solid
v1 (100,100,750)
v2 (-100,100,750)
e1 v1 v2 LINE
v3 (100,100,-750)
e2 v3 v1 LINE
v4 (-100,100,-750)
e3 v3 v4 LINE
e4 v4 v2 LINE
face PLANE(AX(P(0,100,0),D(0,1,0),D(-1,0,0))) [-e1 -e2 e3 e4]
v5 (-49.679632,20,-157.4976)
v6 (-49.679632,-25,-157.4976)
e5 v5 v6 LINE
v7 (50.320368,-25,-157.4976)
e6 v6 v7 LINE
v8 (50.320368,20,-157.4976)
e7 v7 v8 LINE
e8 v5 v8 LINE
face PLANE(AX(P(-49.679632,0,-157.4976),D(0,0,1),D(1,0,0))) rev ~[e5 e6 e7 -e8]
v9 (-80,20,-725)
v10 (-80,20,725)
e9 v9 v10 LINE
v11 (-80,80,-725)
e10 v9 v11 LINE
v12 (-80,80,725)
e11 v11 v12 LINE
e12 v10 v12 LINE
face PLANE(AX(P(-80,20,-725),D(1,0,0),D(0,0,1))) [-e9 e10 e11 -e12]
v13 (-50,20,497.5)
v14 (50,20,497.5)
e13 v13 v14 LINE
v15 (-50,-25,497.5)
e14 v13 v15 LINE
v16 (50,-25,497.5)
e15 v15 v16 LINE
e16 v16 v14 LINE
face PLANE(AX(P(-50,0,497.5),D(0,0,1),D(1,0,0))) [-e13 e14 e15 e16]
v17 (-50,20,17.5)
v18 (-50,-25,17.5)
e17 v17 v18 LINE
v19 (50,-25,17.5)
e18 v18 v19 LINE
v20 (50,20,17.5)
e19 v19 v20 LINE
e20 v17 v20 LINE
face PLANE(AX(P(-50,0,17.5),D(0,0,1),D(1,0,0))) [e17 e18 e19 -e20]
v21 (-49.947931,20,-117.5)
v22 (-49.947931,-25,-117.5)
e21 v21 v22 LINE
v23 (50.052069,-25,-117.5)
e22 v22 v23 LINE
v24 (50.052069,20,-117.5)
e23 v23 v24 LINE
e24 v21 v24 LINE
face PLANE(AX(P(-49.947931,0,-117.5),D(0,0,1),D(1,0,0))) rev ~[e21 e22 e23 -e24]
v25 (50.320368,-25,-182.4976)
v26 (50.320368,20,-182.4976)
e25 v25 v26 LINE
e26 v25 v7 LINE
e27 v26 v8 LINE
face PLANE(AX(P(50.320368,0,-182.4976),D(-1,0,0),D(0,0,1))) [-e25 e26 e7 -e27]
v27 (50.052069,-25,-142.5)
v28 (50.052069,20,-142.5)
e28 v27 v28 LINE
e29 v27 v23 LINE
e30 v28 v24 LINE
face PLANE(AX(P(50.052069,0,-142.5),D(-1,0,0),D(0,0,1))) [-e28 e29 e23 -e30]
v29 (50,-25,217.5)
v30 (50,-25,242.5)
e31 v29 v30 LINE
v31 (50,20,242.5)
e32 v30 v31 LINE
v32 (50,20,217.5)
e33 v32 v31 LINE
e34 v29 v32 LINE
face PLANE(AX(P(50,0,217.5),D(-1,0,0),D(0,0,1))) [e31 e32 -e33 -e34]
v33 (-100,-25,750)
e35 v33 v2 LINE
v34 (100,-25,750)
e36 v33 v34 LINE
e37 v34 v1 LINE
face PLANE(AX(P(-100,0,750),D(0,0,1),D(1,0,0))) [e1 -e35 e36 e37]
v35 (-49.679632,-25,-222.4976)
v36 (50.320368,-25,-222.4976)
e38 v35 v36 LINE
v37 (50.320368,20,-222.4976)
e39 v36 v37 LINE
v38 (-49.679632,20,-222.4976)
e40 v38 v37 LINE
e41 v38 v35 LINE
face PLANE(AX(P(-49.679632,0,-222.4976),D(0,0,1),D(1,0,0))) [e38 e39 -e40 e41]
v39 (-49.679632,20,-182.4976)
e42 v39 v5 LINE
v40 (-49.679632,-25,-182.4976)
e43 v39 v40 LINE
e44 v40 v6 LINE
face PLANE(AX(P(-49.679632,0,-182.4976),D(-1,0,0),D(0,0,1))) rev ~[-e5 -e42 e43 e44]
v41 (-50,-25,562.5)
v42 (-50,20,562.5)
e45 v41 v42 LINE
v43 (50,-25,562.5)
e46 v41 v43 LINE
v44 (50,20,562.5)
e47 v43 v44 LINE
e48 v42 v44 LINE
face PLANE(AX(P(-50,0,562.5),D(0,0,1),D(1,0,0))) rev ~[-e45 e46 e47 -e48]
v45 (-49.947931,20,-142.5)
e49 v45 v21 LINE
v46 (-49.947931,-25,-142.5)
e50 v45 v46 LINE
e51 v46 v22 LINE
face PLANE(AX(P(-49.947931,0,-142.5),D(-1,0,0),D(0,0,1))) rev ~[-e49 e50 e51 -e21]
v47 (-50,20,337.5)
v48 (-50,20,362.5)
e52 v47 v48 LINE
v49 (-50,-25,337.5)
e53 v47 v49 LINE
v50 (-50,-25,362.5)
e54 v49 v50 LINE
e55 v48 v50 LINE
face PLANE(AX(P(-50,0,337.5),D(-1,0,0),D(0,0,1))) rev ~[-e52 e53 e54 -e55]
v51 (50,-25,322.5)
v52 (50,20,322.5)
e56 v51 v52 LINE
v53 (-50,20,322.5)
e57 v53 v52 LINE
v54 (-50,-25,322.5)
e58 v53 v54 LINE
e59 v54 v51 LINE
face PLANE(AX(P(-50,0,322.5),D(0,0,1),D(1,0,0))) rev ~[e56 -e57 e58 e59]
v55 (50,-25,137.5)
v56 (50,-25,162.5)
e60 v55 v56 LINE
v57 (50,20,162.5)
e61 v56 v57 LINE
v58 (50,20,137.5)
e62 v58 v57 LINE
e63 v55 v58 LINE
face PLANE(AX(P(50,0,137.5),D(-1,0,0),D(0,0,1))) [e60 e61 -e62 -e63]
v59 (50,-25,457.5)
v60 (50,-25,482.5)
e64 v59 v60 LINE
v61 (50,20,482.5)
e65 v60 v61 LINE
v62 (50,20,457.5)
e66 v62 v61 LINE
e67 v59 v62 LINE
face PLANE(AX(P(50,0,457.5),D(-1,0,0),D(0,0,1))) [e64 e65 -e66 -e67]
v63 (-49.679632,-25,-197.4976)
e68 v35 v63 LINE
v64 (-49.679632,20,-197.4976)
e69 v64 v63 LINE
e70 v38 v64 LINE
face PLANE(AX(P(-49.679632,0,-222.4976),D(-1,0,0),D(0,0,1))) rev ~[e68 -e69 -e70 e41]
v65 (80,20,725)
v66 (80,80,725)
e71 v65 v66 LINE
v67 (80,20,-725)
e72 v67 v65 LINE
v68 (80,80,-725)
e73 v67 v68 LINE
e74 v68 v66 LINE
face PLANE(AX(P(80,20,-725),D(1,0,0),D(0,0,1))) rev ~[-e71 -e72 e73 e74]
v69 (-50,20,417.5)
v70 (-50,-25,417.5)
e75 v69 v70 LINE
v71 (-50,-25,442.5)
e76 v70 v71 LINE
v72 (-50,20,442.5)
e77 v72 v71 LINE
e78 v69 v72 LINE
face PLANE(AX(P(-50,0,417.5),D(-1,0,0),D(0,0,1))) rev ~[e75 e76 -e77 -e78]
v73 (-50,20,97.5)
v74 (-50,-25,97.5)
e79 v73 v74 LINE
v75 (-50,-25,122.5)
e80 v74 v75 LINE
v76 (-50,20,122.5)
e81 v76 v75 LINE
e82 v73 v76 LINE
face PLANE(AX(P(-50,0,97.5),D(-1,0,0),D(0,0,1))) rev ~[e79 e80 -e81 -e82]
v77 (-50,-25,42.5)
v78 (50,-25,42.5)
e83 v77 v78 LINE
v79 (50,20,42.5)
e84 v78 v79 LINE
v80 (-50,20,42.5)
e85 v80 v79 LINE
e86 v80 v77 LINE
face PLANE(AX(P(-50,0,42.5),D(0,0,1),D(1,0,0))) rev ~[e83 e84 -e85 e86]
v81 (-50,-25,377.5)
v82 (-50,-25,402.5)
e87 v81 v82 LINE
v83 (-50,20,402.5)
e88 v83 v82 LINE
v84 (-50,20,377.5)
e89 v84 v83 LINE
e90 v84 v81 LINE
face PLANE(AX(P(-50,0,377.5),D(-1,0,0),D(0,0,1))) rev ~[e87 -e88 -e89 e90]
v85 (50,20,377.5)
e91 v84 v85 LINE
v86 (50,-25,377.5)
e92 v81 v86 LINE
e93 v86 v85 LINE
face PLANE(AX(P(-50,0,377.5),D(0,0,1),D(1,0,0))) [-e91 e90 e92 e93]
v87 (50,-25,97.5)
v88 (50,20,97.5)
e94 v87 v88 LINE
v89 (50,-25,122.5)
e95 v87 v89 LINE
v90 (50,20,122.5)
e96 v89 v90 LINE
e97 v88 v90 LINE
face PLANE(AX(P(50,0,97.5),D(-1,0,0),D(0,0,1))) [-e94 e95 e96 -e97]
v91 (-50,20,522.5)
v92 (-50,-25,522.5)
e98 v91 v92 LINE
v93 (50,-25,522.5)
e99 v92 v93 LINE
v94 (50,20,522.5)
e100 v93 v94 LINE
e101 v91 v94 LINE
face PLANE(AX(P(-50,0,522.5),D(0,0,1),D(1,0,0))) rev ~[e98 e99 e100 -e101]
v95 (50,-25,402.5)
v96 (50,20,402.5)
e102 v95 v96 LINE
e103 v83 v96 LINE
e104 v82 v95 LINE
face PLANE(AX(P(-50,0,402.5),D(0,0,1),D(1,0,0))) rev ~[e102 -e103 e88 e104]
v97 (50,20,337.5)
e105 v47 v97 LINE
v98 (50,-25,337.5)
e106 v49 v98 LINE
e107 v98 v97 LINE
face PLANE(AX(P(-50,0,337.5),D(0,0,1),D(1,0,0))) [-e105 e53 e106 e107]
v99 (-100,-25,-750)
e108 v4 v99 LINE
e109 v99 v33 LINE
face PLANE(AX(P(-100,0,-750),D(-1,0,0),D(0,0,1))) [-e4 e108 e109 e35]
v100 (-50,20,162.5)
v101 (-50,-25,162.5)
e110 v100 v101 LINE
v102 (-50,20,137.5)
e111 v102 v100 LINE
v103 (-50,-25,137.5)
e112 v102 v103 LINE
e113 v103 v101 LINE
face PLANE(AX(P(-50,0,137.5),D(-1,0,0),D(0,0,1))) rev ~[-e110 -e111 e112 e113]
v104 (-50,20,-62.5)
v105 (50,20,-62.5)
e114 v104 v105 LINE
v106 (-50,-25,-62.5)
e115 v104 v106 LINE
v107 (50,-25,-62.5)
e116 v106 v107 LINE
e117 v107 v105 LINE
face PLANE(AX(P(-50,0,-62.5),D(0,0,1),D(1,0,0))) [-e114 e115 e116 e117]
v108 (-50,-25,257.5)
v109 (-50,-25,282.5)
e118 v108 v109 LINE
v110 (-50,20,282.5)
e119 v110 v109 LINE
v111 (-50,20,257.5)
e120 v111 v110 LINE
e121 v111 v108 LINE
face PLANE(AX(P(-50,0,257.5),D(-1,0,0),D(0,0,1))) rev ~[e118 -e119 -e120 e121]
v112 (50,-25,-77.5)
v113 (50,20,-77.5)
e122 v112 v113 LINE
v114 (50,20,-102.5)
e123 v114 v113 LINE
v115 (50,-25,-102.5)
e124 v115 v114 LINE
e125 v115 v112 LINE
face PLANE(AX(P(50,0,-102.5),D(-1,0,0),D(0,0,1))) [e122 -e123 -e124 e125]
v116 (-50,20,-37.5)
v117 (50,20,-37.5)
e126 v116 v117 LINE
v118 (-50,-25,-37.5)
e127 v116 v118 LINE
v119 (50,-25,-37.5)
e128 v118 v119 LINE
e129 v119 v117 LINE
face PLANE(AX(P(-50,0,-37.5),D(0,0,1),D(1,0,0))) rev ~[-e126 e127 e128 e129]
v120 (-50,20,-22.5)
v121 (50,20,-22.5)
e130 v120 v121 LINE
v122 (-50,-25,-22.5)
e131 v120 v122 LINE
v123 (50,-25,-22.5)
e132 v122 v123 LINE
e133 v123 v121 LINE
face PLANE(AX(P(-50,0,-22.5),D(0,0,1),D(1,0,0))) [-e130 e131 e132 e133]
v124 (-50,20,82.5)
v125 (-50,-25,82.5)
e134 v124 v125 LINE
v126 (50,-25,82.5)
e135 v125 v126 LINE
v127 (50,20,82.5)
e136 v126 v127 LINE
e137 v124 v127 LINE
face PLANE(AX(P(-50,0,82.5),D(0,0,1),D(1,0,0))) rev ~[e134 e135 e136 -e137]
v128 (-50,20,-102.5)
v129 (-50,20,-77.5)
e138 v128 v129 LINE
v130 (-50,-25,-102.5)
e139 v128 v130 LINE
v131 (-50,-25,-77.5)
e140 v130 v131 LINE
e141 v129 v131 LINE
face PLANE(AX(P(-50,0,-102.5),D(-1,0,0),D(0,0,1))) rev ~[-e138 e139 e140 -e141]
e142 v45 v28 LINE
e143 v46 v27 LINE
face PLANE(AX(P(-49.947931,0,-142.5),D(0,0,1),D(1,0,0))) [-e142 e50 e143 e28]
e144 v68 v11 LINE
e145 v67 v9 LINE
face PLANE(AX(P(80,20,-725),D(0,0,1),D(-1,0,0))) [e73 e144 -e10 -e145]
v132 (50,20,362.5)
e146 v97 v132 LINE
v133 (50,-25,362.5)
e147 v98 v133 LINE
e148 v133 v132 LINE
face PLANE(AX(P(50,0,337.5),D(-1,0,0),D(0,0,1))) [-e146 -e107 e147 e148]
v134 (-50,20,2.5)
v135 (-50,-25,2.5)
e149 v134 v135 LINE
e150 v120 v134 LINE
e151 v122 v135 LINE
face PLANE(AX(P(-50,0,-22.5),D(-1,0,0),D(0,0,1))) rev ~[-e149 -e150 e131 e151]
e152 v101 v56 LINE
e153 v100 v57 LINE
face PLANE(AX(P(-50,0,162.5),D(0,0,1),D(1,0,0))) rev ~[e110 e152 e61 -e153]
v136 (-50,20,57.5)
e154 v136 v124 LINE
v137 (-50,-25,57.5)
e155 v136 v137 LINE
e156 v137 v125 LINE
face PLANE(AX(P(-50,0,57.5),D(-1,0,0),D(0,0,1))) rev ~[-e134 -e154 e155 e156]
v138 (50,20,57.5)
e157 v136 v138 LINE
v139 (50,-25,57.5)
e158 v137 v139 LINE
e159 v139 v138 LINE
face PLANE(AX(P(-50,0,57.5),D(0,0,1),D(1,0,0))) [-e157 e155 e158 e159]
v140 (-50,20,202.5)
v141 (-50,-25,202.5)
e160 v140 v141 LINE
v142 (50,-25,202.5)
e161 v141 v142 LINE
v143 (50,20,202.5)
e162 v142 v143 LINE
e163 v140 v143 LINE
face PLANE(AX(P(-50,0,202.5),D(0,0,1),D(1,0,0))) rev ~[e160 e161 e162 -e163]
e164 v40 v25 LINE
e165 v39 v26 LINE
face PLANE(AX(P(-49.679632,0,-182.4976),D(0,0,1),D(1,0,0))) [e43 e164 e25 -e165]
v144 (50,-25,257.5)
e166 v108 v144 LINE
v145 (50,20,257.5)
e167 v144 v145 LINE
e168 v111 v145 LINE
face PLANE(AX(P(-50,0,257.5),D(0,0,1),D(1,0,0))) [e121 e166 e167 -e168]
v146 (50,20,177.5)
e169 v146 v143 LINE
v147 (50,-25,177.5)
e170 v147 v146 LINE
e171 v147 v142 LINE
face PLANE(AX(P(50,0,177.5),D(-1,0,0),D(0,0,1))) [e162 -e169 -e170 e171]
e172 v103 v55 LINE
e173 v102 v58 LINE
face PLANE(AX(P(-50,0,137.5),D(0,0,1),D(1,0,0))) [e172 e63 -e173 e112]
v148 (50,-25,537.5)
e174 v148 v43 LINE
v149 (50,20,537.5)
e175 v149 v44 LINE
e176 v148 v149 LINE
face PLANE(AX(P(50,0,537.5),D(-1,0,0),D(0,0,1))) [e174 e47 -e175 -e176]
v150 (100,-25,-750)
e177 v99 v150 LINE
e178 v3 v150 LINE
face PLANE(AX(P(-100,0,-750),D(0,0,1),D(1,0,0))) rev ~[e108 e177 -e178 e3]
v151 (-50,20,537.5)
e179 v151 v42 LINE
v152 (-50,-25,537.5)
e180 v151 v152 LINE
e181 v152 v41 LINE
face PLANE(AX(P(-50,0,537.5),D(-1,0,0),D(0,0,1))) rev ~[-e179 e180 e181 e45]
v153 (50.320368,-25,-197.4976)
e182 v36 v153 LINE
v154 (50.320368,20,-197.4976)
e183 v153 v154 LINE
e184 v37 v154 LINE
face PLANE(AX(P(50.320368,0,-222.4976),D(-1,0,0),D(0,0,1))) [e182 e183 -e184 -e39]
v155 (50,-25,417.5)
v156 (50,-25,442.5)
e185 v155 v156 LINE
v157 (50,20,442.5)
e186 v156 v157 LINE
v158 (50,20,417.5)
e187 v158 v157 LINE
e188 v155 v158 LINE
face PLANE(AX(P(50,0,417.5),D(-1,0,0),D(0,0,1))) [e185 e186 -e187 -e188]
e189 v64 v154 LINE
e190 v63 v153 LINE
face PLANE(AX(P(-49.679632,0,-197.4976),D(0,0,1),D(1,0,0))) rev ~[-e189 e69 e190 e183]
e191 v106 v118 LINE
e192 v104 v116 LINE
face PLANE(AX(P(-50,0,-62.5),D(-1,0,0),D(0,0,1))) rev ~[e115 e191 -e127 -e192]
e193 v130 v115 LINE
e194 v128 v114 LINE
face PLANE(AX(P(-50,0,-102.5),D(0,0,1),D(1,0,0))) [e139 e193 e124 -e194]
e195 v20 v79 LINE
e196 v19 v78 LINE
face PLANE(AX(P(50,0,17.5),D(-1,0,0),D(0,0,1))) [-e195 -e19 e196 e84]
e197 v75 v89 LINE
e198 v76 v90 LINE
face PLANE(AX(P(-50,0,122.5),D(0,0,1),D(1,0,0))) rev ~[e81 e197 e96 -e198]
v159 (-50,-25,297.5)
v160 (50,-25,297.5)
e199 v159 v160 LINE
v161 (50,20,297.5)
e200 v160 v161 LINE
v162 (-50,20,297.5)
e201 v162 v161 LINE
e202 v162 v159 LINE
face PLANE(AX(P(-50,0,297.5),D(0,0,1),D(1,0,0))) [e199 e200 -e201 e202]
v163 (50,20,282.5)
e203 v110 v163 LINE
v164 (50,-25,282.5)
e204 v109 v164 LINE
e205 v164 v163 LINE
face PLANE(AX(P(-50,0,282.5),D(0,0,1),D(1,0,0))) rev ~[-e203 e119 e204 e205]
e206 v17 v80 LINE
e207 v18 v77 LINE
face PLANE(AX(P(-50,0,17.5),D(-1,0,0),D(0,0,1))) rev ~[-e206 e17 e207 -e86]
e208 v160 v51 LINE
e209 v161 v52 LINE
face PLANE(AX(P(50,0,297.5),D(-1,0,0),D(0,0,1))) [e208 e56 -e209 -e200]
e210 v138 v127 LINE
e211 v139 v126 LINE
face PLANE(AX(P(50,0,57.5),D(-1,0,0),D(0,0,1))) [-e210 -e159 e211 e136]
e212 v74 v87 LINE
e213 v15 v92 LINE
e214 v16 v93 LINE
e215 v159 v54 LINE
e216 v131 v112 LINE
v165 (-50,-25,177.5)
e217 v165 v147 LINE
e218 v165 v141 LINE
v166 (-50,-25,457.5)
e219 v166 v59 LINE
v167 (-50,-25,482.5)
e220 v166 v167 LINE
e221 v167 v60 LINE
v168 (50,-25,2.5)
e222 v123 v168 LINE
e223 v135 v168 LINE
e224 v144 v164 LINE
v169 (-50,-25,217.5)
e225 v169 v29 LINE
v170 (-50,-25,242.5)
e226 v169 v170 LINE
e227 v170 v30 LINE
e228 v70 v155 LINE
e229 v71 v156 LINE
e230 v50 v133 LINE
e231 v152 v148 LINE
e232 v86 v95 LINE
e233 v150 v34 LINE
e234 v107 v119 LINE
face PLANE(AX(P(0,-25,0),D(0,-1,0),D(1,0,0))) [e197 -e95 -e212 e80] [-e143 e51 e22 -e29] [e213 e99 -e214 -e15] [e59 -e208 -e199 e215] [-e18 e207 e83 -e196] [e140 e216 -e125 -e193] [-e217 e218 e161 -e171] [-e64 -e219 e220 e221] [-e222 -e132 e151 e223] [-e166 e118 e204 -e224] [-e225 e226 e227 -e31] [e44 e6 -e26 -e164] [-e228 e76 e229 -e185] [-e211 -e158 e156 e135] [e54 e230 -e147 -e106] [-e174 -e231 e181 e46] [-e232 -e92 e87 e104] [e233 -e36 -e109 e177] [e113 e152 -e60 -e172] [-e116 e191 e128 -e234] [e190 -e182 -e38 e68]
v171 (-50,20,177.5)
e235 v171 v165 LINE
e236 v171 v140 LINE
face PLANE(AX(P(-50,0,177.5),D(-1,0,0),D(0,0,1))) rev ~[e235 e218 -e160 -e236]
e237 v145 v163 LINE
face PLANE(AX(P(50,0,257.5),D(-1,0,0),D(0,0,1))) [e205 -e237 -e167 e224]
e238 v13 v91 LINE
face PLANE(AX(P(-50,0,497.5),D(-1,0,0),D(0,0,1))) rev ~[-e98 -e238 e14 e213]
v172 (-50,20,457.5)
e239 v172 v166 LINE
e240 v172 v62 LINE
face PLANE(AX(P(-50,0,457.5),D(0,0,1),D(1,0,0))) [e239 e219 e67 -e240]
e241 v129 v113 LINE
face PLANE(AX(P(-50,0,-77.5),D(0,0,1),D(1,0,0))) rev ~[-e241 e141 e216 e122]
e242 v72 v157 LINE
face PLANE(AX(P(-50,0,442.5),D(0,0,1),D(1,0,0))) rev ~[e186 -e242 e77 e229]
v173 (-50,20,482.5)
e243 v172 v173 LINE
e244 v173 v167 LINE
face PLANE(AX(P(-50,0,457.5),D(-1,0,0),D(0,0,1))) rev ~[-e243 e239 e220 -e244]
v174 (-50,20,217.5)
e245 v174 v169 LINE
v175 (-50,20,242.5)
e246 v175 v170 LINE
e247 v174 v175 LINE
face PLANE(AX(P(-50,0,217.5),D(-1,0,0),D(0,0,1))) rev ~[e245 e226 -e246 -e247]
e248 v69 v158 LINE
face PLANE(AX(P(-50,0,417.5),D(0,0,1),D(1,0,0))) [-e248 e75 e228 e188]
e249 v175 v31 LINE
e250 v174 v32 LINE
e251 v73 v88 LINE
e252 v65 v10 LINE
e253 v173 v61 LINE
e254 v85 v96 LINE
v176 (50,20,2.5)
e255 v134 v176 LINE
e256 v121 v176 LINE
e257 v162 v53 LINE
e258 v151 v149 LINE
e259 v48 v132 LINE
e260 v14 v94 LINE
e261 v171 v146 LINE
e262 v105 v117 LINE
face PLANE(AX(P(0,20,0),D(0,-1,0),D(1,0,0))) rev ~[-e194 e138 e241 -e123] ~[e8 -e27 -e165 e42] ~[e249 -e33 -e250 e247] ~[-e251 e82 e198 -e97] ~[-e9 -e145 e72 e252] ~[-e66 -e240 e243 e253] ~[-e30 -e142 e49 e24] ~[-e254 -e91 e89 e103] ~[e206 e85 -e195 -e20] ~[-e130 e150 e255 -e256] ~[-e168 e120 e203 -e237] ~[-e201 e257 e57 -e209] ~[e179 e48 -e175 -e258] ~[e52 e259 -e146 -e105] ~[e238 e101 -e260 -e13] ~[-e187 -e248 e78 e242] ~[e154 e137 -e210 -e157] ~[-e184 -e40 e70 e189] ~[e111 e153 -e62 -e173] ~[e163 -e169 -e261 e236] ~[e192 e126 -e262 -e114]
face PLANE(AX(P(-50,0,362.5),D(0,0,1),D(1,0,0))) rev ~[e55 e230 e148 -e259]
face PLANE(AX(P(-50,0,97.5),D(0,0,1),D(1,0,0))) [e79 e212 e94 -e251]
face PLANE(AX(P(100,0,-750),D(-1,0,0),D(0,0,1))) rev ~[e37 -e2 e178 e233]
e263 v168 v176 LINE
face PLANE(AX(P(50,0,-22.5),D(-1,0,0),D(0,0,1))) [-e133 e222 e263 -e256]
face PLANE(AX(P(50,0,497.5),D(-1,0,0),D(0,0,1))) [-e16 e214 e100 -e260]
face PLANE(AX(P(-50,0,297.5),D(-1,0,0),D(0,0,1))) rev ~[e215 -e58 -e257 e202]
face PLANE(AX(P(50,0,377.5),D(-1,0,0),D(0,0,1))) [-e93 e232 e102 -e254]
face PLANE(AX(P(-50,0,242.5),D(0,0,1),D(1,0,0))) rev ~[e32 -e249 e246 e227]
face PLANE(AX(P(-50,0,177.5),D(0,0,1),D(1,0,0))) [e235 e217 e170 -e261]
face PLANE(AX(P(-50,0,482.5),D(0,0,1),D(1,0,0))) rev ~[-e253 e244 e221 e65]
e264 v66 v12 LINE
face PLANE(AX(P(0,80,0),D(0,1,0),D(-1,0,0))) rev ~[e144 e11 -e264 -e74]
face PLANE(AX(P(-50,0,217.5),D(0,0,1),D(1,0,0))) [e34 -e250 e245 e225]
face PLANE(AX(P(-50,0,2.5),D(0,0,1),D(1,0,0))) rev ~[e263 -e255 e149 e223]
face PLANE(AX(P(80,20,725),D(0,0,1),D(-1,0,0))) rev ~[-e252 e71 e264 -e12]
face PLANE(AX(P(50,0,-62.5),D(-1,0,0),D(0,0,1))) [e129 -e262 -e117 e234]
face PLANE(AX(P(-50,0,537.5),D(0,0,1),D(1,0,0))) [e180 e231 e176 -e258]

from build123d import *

# Parameters (mm, degrees)
F0_W     = 200
F0_H     = 1500
F0_W_2   = 100
F0_H_2   = 25
F1_DEPTH = 20
F2_W     = 200
F2_H     = 1500
F2_W_2   = 160
F2_H_2   = 1450
F3_DEPTH = 60
F4_W     = 200
F4_H     = 1500
F5_DEPTH = 20
F6_DEPTH = 25


with BuildPart() as f1:
    # F0 (on Front) → F1 (new body)
    with BuildSketch(Plane.XZ):
        Rectangle(F0_W, F0_H)
        with Locations((0.320368, -209.9976)):
            Rectangle(F0_W_2, F0_H_2, mode=Mode.SUBTRACT)
        with Locations((0.320368, -169.9976)):
            Rectangle(F0_W_2, F0_H_2, mode=Mode.SUBTRACT)
        with Locations((0.052069, -130)):
            Rectangle(F0_W_2, F0_H_2, mode=Mode.SUBTRACT)
        with Locations((0, -90)):
            Rectangle(F0_W_2, F0_H_2, mode=Mode.SUBTRACT)
        with Locations((0, -50)):
            Rectangle(F0_W_2, F0_H_2, mode=Mode.SUBTRACT)
        with Locations((0, -10)):
            Rectangle(F0_W_2, F0_H_2, mode=Mode.SUBTRACT)
        with Locations((0, 30)):
            Rectangle(F0_W_2, F0_H_2, mode=Mode.SUBTRACT)
        with Locations((0, 70)):
            Rectangle(F0_W_2, F0_H_2, mode=Mode.SUBTRACT)
        with Locations((0, 110)):
            Rectangle(F0_W_2, F0_H_2, mode=Mode.SUBTRACT)
        with Locations((0, 150)):
            Rectangle(F0_W_2, F0_H_2, mode=Mode.SUBTRACT)
        with Locations((0, 190)):
            Rectangle(F0_W_2, F0_H_2, mode=Mode.SUBTRACT)
        with Locations((0, 230)):
            Rectangle(F0_W_2, F0_H_2, mode=Mode.SUBTRACT)
        with Locations((0, 270)):
            Rectangle(F0_W_2, F0_H_2, mode=Mode.SUBTRACT)
        with Locations((0, 310)):
            Rectangle(F0_W_2, F0_H_2, mode=Mode.SUBTRACT)
        with Locations((0, 350)):
            Rectangle(F0_W_2, F0_H_2, mode=Mode.SUBTRACT)
        with Locations((0, 390)):
            Rectangle(F0_W_2, F0_H_2, mode=Mode.SUBTRACT)
        with Locations((0, 430)):
            Rectangle(F0_W_2, F0_H_2, mode=Mode.SUBTRACT)
        with Locations((0, 470)):
            Rectangle(F0_W_2, F0_H_2, mode=Mode.SUBTRACT)
        with Locations((0, 510)):
            Rectangle(F0_W_2, F0_H_2, mode=Mode.SUBTRACT)
        with Locations((0, 550)):
            Rectangle(F0_W_2, F0_H_2, mode=Mode.SUBTRACT)
    extrude(amount=-F1_DEPTH)

    # F2 (on face) → F3 (join)
    with BuildSketch(Plane(origin=(0, 20, 0), x_dir=(-1, 0, 0), z_dir=(0, 1, 0))):
        Rectangle(F2_W, F2_H)
        Rectangle(F2_W_2, F2_H_2, mode=Mode.SUBTRACT)
    extrude(amount=F3_DEPTH)

    # F4 (on face) → F5 (join)
    with BuildSketch(Plane(origin=(0, 80, 0), x_dir=(-1, 0, 0), z_dir=(0, 1, 0))):
        Rectangle(F4_W, F4_H)
    extrude(amount=F5_DEPTH)

    # F0 (on Front) → F6 (join)
    with BuildSketch(Plane.XZ):
        Rectangle(F0_W, F0_H)
        with Locations((0.320368, -209.9976)):
            Rectangle(F0_W_2, F0_H_2, mode=Mode.SUBTRACT)
        with Locations((0.320368, -169.9976)):
            Rectangle(F0_W_2, F0_H_2, mode=Mode.SUBTRACT)
        with Locations((0.052069, -130)):
            Rectangle(F0_W_2, F0_H_2, mode=Mode.SUBTRACT)
        with Locations((0, -90)):
            Rectangle(F0_W_2, F0_H_2, mode=Mode.SUBTRACT)
        with Locations((0, -50)):
            Rectangle(F0_W_2, F0_H_2, mode=Mode.SUBTRACT)
        with Locations((0, -10)):
            Rectangle(F0_W_2, F0_H_2, mode=Mode.SUBTRACT)
        with Locations((0, 30)):
            Rectangle(F0_W_2, F0_H_2, mode=Mode.SUBTRACT)
        with Locations((0, 70)):
            Rectangle(F0_W_2, F0_H_2, mode=Mode.SUBTRACT)
        with Locations((0, 110)):
            Rectangle(F0_W_2, F0_H_2, mode=Mode.SUBTRACT)
        with Locations((0, 150)):
            Rectangle(F0_W_2, F0_H_2, mode=Mode.SUBTRACT)
        with Locations((0, 190)):
            Rectangle(F0_W_2, F0_H_2, mode=Mode.SUBTRACT)
        with Locations((0, 230)):
            Rectangle(F0_W_2, F0_H_2, mode=Mode.SUBTRACT)
        with Locations((0, 270)):
            Rectangle(F0_W_2, F0_H_2, mode=Mode.SUBTRACT)
        with Locations((0, 310)):
            Rectangle(F0_W_2, F0_H_2, mode=Mode.SUBTRACT)
        with Locations((0, 350)):
            Rectangle(F0_W_2, F0_H_2, mode=Mode.SUBTRACT)
        with Locations((0, 390)):
            Rectangle(F0_W_2, F0_H_2, mode=Mode.SUBTRACT)
        with Locations((0, 430)):
            Rectangle(F0_W_2, F0_H_2, mode=Mode.SUBTRACT)
        with Locations((0, 470)):
            Rectangle(F0_W_2, F0_H_2, mode=Mode.SUBTRACT)
        with Locations((0, 510)):
            Rectangle(F0_W_2, F0_H_2, mode=Mode.SUBTRACT)
        with Locations((0, 550)):
            Rectangle(F0_W_2, F0_H_2, mode=Mode.SUBTRACT)
    extrude(amount=F6_DEPTH)


solid = f1.part
